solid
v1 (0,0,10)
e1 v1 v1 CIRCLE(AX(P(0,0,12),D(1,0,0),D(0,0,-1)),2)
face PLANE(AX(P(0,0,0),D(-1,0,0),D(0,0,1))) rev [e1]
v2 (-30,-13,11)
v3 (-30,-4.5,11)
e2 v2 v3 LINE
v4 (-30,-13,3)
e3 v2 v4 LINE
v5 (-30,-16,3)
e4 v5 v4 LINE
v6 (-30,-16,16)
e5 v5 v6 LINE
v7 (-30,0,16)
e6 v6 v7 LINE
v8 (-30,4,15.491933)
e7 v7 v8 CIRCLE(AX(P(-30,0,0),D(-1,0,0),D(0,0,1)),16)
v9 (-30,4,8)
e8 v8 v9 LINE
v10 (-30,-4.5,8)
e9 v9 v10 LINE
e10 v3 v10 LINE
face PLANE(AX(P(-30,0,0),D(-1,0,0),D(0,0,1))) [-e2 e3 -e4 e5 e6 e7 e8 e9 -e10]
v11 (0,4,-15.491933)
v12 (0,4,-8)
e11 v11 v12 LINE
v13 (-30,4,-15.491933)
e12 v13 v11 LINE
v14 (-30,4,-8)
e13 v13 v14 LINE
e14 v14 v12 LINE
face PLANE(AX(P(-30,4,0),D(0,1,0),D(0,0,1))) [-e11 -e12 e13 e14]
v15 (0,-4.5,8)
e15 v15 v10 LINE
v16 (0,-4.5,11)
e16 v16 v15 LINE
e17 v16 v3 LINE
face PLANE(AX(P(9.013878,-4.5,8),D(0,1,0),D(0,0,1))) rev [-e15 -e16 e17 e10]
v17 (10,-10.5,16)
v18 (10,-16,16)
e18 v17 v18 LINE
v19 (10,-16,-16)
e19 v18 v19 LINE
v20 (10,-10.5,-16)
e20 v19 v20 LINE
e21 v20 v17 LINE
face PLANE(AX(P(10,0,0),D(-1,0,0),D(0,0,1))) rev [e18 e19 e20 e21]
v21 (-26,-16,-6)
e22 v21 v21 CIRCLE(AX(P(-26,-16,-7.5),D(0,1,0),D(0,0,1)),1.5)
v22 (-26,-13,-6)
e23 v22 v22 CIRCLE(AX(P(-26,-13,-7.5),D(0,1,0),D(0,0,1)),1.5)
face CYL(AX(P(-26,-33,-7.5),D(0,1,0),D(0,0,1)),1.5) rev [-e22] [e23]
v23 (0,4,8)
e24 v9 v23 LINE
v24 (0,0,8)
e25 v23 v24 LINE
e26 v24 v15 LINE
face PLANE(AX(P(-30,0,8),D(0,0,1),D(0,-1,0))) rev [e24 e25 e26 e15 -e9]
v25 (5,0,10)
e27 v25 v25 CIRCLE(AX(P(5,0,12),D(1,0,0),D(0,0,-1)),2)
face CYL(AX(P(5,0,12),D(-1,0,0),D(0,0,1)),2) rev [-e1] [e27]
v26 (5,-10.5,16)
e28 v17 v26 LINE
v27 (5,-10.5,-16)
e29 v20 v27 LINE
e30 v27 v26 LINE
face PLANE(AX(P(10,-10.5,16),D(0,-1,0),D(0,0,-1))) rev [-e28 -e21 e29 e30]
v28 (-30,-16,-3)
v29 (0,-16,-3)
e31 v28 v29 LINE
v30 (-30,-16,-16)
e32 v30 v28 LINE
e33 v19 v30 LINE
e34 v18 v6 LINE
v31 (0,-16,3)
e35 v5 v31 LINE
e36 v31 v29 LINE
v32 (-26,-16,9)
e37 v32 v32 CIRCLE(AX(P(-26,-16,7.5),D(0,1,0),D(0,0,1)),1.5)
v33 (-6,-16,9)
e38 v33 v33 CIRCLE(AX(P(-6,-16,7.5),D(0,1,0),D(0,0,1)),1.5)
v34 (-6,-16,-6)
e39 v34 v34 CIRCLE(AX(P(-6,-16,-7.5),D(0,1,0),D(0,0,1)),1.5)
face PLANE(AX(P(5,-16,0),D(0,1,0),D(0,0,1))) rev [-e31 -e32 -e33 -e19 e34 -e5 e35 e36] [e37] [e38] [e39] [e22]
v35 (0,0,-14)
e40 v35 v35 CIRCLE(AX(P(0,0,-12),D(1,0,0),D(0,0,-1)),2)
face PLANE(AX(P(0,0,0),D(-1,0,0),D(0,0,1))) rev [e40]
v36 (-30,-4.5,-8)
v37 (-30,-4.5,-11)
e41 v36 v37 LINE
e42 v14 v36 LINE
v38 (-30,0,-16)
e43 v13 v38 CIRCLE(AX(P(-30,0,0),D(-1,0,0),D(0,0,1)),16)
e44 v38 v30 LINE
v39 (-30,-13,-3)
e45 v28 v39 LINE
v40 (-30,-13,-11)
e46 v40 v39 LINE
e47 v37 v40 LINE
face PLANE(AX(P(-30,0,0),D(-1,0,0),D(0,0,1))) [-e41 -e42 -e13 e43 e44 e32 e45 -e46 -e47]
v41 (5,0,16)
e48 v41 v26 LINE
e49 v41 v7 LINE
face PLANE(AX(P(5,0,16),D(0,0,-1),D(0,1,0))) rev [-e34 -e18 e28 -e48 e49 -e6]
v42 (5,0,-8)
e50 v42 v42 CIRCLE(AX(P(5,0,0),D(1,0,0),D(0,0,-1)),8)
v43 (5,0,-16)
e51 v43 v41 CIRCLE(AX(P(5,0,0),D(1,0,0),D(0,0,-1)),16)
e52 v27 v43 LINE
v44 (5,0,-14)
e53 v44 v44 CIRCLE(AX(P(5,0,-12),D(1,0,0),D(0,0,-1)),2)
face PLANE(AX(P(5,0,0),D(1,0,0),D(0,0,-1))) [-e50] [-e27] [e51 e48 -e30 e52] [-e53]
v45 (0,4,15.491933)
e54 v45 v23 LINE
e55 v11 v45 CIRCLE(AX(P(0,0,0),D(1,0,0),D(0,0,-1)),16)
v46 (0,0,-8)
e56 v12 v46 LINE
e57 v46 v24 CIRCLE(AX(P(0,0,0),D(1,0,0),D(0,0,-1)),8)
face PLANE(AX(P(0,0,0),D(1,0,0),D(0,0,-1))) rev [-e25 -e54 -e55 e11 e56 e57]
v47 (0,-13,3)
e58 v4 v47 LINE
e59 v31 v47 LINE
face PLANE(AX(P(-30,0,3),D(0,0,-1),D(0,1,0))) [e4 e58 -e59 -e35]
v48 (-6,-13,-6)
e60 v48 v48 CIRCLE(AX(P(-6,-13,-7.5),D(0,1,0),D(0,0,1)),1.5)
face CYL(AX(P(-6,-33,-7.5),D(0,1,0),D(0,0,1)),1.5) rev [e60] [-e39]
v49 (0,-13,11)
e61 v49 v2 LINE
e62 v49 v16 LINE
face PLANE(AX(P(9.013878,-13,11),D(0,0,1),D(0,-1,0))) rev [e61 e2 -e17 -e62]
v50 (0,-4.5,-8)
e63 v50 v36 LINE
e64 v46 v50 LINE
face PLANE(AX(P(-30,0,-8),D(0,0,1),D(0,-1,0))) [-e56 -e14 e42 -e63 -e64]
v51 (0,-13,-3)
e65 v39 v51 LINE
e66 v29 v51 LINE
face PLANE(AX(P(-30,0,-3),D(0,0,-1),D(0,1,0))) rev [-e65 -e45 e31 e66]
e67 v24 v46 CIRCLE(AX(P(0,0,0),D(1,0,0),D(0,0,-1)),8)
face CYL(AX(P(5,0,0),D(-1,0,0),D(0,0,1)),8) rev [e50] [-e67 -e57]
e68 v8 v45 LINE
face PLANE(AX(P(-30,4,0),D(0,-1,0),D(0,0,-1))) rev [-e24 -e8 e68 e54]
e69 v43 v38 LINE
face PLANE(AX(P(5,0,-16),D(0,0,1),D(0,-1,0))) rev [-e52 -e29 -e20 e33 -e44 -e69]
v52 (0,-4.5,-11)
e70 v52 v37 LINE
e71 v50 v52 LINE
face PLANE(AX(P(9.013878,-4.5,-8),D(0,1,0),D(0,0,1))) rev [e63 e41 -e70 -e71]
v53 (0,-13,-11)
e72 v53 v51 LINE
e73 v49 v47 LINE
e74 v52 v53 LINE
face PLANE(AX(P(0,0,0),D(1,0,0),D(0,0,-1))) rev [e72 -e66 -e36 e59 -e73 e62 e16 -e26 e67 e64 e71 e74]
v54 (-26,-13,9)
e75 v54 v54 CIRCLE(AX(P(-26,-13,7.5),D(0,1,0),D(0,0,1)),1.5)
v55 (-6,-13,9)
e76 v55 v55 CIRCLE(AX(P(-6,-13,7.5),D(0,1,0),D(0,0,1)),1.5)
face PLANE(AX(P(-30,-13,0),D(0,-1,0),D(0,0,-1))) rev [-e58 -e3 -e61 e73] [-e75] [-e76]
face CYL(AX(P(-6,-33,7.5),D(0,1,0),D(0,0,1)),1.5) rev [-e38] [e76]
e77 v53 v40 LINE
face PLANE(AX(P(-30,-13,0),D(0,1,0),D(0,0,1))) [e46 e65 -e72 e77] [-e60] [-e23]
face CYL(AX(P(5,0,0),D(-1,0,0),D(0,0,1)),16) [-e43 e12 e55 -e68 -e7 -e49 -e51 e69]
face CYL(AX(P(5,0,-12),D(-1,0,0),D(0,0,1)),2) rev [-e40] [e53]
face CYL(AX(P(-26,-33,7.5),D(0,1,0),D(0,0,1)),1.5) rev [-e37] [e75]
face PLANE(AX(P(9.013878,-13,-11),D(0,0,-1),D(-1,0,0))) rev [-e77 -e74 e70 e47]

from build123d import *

# Parameters (mm, degrees)
SKETCH_1_R          = 8
SKETCH_1_R_2        = 2
EXTRUDE_1_DEPTH     = 5
SKETCH_3_W          = 32
SKETCH_3_H          = 5.5
EXTRUDE_3_DEPTH     = 5
EXTRUDE_4_DEPTH     = 30
SKETCH_6_R          = 1.5
CUT_EXTRUDE_1_DEPTH = 20
SKETCH_7_W          = 3
SKETCH_7_H          = 8.5
CUT_EXTRUDE_5_DEPTH = 30


with BuildPart() as part:
    # 草图1 → 凸台-拉伸1 (new body)
    with BuildSketch(Plane(origin=(0, 0, 0), x_dir=(0, 0, -1), z_dir=(1, 0, 0))):
        with BuildLine():
            Line((-16, 0), (-16, -16))
            Line((-16, -16), (16, -16))
            Line((16, -16), (16, 0))
            ThreePointArc((16, 0), (0, 16), (-16, 0))
        make_face()
        Circle(SKETCH_1_R, mode=Mode.SUBTRACT)
        with Locations((-12, 0)):
            Circle(SKETCH_1_R_2, mode=Mode.SUBTRACT)
        with Locations((12, 0)):
            Circle(SKETCH_1_R_2, mode=Mode.SUBTRACT)
    extrude(amount=EXTRUDE_1_DEPTH)

    # 草图3 → 凸台-拉伸3 (add)
    with BuildSketch(Plane(origin=(5, 0, 0), x_dir=(0, 0, -1), z_dir=(1, 0, 0))):
        with Locations((0, -13.25)):
            Rectangle(SKETCH_3_W, SKETCH_3_H)
    extrude(amount=EXTRUDE_3_DEPTH)

    # 草图4 → 凸台-拉伸4 (add)
    with BuildSketch(Plane.ZY):
        with BuildLine():
            Line((-8, 4), (-15.491933385, 4))
            ThreePointArc((-15.491933385, 4), (-15.87247514, 2.01606868), (-16, 0))
            Line((-16, 0), (-16, -16))
            Line((-16, -16), (-3, -16))
            Line((-3, -16), (-3, -13))
            Line((-3, -13), (-8, -13))
            Line((-8, -13), (-8, 4))
        make_face()
        with BuildLine():
            Line((3, -13), (3, -16))
            Line((3, -16), (16, -16))
            Line((16, -16), (16, 0))
            ThreePointArc((16, 0), (15.87247514, 2.01606868), (15.491933385, 4))
            Line((15.491933385, 4), (8, 4))
            Line((8, 4), (8, -13))
            Line((8, -13), (3, -13))
        make_face()
    extrude(amount=EXTRUDE_4_DEPTH)

    # 草图6 → 切除-拉伸1 (cut)
    with BuildSketch(Plane(origin=(0, -13, 0), x_dir=(1, 0, 0), z_dir=(0, 1, 0))):
        with Locations((-6, -7.5)):
            Circle(SKETCH_6_R)
        with Locations((-6, 7.5)):
            Circle(SKETCH_6_R)
        with Locations((-26, 7.5)):
            Circle(SKETCH_6_R)
        with Locations((-26, -7.5)):
            Circle(SKETCH_6_R)
    extrude(amount=-CUT_EXTRUDE_1_DEPTH, mode=Mode.SUBTRACT)

    # 草图7 → 切除-拉伸5 (cut)
    with BuildSketch(Plane.ZY.offset(30)):
        with Locations((-9.5, -8.75)):
            Rectangle(SKETCH_7_W, SKETCH_7_H)
        with Locations((9.5, -8.75)):
            Rectangle(SKETCH_7_W, SKETCH_7_H)
    extrude(amount=-CUT_EXTRUDE_5_DEPTH, mode=Mode.SUBTRACT)


solid = part.part
